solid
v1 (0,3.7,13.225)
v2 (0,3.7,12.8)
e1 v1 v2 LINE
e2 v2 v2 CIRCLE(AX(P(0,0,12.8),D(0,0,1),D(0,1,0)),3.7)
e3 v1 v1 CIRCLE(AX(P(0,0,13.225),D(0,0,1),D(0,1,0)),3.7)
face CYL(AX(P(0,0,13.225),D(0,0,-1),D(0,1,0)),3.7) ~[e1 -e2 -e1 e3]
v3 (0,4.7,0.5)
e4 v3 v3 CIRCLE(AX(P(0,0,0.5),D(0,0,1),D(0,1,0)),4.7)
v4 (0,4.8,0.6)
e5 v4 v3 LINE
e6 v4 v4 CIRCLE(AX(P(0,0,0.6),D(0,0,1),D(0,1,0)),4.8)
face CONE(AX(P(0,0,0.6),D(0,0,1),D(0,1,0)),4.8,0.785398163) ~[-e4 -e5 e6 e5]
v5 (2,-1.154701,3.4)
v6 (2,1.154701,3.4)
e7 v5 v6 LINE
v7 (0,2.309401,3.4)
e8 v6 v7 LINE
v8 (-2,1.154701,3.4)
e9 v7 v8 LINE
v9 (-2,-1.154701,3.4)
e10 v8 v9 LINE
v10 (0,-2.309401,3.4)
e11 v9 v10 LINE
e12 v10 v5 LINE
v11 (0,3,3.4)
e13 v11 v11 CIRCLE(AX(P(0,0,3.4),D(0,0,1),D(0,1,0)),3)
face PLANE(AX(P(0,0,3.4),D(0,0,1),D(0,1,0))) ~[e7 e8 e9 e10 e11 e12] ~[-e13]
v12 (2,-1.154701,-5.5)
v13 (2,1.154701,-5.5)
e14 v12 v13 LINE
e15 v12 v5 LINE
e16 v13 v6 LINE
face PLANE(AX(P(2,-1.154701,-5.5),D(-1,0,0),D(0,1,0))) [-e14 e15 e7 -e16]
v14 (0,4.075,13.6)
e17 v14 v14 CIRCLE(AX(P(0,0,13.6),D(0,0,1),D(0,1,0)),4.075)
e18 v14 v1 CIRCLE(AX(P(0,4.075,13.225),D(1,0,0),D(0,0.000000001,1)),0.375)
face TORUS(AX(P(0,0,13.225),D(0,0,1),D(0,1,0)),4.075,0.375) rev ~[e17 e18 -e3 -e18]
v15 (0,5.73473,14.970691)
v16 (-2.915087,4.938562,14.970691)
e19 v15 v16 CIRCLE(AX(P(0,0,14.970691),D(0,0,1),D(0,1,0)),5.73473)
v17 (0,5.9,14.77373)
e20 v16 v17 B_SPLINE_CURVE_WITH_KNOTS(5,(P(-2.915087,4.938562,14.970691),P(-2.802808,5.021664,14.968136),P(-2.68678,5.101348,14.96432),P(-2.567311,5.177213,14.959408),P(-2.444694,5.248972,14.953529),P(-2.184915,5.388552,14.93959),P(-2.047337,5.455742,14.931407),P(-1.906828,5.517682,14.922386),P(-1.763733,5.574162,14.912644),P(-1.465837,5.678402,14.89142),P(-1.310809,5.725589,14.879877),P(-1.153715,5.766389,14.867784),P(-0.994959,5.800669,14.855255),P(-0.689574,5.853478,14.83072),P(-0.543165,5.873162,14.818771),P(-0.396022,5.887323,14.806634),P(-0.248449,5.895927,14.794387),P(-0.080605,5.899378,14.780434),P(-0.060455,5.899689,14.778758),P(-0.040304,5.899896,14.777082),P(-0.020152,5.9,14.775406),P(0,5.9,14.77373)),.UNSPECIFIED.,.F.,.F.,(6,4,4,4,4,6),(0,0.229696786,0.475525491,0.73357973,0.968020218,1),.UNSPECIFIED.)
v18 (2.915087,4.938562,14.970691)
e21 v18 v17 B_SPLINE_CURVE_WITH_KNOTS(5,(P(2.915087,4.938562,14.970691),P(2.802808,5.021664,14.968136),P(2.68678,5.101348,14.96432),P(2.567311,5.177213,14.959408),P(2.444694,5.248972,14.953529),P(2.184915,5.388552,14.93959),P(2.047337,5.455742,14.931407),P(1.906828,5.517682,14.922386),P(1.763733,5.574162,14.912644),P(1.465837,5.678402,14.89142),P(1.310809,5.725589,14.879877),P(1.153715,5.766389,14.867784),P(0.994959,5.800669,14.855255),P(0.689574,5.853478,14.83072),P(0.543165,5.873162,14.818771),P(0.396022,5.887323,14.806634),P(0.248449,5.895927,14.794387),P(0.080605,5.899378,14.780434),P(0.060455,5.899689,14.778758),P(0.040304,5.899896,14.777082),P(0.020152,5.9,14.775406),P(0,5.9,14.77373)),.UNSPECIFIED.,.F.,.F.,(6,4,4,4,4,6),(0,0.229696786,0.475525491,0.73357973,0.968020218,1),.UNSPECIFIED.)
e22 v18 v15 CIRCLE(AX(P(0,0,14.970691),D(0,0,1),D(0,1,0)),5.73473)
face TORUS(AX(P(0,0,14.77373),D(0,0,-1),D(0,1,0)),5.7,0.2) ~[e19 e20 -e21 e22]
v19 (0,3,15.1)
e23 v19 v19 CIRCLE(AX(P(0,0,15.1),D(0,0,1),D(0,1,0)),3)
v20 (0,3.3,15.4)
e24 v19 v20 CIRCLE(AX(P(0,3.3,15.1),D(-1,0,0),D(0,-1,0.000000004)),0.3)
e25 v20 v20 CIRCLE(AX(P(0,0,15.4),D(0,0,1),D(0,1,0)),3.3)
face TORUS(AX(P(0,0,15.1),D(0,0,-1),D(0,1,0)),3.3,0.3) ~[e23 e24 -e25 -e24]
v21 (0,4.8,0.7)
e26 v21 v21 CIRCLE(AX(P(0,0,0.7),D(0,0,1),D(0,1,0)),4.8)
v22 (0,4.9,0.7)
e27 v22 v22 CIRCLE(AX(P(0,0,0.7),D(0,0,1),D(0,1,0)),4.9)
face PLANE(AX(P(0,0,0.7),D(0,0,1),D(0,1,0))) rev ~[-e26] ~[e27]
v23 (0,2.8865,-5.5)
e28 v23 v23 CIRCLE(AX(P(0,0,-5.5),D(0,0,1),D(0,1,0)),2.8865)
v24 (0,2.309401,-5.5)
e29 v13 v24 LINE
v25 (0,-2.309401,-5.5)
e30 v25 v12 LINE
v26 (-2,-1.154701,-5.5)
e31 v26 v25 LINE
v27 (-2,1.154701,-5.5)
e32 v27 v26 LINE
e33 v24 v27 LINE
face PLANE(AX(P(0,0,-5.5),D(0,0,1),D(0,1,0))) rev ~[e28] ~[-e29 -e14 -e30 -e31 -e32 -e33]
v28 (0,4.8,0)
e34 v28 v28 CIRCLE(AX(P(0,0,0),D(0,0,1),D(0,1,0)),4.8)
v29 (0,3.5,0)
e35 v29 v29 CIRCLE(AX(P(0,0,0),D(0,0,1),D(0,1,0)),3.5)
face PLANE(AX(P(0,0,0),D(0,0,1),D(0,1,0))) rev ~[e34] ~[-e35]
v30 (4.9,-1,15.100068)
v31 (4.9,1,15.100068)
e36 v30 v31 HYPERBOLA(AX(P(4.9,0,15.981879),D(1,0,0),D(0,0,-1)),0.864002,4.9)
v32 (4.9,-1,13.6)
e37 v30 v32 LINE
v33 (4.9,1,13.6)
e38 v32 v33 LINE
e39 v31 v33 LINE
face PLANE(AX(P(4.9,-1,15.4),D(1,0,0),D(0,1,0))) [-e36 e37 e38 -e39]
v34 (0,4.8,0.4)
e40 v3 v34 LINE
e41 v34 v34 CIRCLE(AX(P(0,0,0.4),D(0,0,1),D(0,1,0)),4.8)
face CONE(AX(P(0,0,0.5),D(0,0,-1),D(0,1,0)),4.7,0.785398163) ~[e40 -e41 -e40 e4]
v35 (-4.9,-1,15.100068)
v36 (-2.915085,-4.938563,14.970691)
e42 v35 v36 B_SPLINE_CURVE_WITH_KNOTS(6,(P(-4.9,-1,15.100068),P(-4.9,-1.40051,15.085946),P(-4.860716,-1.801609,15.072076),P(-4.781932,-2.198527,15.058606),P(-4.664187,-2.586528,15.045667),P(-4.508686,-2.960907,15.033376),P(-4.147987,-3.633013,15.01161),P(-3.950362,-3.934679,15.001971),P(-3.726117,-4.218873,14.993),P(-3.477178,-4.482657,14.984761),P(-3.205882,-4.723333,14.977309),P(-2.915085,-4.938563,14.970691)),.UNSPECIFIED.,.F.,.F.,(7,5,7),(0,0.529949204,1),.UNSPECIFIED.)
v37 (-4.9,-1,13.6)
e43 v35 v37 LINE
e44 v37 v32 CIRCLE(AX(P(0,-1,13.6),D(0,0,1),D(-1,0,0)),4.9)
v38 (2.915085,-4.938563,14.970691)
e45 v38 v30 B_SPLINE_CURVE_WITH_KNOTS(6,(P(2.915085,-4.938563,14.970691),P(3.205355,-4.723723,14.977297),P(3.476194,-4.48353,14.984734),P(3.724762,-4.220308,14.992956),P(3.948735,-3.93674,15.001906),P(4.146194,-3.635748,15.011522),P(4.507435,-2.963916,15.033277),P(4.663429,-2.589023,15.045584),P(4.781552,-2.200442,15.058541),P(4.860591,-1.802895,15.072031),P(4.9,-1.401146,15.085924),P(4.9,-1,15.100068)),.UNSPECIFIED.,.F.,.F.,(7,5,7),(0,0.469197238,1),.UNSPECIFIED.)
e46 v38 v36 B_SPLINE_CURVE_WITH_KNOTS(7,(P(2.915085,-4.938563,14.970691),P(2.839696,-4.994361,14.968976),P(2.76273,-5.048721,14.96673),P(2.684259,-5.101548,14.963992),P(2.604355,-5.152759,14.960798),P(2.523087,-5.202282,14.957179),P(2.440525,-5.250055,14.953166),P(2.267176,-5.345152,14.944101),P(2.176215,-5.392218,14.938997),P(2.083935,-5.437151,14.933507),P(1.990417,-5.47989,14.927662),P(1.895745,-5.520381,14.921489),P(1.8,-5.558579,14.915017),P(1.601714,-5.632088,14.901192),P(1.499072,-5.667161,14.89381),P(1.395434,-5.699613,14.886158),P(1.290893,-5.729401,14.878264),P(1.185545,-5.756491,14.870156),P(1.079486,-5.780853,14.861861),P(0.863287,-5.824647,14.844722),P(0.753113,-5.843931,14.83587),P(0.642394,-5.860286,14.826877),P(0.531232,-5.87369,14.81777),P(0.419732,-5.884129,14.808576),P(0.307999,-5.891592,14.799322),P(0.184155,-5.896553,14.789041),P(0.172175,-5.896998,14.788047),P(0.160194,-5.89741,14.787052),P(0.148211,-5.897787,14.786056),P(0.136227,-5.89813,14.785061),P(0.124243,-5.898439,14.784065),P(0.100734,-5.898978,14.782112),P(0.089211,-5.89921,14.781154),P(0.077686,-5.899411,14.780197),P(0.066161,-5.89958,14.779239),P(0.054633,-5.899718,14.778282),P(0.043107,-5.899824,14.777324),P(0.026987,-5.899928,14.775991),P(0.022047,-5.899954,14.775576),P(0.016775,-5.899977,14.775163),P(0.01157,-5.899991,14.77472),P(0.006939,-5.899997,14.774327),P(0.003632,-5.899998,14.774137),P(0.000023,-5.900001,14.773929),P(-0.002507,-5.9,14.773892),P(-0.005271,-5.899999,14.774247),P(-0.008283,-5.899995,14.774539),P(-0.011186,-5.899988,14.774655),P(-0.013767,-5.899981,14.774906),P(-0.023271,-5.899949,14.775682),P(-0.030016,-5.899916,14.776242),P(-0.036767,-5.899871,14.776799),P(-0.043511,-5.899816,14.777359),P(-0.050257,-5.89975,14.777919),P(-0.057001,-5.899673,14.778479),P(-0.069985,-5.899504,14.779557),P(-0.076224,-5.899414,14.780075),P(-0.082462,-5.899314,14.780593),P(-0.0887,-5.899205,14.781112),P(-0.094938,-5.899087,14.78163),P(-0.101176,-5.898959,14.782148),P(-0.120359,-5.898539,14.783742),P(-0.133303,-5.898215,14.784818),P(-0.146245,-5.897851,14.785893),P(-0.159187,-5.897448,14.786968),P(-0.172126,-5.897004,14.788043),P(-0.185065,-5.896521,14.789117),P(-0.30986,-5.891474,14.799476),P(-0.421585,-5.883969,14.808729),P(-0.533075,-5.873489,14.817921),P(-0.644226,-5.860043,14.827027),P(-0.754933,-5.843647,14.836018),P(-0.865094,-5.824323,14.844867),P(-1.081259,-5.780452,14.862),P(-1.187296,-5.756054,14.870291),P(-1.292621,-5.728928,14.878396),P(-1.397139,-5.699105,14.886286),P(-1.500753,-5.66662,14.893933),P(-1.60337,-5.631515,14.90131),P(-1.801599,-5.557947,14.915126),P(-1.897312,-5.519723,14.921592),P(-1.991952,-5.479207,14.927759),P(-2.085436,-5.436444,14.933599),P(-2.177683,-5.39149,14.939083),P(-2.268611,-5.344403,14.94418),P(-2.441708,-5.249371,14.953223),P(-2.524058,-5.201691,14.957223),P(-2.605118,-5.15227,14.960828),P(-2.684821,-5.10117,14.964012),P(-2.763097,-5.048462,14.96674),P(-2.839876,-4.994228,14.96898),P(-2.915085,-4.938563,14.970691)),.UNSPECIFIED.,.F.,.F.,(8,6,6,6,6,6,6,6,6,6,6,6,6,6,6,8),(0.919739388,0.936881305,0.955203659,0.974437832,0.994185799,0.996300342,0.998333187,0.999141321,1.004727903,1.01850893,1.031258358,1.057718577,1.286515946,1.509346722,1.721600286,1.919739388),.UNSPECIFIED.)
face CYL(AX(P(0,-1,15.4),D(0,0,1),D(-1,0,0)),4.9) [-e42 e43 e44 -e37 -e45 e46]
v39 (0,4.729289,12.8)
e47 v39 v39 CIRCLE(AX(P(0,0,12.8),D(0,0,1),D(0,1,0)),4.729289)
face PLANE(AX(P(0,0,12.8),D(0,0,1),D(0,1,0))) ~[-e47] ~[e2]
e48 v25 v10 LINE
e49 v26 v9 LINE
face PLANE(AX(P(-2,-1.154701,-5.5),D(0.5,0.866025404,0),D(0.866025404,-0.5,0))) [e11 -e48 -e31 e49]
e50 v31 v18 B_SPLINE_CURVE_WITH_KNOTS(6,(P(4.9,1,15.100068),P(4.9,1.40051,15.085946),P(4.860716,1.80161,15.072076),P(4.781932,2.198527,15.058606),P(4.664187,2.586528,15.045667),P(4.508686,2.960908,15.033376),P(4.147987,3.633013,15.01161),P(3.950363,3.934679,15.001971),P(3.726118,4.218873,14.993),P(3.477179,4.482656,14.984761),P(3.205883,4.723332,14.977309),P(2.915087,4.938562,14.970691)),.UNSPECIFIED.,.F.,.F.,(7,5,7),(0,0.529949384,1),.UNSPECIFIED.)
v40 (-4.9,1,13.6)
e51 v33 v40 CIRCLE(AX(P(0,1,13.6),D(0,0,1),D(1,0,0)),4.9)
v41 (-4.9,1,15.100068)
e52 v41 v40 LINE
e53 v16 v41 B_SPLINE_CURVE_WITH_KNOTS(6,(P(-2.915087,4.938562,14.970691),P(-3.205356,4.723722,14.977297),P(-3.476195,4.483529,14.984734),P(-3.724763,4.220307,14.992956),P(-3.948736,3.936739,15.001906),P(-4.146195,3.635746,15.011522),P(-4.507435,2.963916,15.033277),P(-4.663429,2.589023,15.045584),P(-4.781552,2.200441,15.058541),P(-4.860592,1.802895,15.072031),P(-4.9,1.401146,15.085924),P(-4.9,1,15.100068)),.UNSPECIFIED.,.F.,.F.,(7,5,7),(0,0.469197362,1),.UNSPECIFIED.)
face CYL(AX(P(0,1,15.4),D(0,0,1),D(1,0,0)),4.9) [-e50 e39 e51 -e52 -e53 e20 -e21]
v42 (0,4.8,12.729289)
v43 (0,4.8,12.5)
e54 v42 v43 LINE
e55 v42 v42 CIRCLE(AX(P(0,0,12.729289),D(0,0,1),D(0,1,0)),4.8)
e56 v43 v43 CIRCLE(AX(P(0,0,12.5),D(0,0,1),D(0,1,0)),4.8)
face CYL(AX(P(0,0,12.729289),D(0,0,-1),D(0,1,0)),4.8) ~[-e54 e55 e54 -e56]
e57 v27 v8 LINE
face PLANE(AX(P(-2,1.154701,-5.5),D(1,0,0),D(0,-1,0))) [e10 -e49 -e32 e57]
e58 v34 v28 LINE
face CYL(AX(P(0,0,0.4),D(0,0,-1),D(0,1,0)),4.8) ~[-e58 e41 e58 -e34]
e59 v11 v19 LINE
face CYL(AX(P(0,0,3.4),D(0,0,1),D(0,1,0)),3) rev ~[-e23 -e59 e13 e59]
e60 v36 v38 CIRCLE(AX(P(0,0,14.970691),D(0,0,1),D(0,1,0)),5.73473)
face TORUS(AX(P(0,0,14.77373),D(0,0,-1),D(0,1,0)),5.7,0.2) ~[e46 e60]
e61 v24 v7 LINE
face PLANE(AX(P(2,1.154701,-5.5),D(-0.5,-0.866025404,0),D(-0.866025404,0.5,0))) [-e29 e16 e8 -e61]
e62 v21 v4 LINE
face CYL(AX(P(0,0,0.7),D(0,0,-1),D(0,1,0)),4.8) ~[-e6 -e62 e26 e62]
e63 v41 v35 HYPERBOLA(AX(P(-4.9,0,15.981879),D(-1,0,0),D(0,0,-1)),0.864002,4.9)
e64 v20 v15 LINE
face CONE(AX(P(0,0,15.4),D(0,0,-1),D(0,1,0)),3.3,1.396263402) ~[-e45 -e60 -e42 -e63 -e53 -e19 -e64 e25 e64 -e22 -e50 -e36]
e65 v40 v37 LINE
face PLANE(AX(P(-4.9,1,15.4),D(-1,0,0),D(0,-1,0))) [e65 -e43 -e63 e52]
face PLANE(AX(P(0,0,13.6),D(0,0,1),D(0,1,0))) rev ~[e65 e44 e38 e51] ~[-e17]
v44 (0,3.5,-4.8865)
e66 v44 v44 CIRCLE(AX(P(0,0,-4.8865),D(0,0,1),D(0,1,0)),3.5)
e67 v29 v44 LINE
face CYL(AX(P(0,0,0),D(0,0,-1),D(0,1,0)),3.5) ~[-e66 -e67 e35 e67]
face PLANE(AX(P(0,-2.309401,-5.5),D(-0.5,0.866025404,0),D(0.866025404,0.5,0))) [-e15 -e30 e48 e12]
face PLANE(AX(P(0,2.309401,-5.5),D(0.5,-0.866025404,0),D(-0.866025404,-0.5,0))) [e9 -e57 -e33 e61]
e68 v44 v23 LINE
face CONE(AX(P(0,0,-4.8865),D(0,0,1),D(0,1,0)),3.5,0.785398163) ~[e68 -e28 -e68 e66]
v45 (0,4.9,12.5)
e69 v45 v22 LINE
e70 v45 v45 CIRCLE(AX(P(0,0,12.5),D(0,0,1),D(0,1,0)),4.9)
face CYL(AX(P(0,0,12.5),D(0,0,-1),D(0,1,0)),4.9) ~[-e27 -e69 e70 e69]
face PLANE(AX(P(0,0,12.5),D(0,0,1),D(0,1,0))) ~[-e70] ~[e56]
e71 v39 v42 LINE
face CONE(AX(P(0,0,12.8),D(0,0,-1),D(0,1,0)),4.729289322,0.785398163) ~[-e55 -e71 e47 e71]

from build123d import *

# Parameters (mm, degrees)
CUT_EXTRUDE1_DEPTH = 8.9
SKETCH3_W          = 20
SKETCH3_H          = 20
CUT_EXTRUDE2_DEPTH = 2


with BuildPart() as part:
    # Sketch1 → Revolve1 (revolve)
    with BuildSketch(Plane(origin=(0, 0, 0), x_dir=(0, 0, -1), z_dir=(1, 0, 0))):
        with BuildLine():
            Line((-3.4, 0), (-3.4, 3))
            Line((-3.4, 3), (-15.1, 3))
            ThreePointArc((-15.1, 3), (-15.312132034, 3.087867966), (-15.4, 3.3))
            Line((-15.4, 3.3), (-14.970691475, 5.734729636))
            ThreePointArc((-14.970691475, 5.734729636), (-14.902287446, 5.853208889), (-14.773729924, 5.9))
            Line((-14.773729924, 5.9), (-13.6, 5.9))
            Line((-13.6, 5.9), (-13.6, 4.075))
            ThreePointArc((-13.6, 4.075), (-13.490165043, 3.809834957), (-13.225, 3.7))
            Line((-13.225, 3.7), (-12.8, 3.7))
            Line((-12.8, 3.7), (-12.8, 4.729289322))
            Line((-12.8, 4.729289322), (-12.729289322, 4.8))
            Line((-12.729289322, 4.8), (-12.5, 4.8))
            Line((-12.5, 4.8), (-12.5, 4.9))
            Line((-12.5, 4.9), (-0.7, 4.9))
            Line((-0.7, 4.9), (-0.7, 4.8))
            Line((-0.7, 4.8), (-0.6, 4.8))
            Line((-0.6, 4.8), (-0.5, 4.7))
            Line((-0.5, 4.7), (-0.4, 4.8))
            Line((-0.4, 4.8), (0, 4.8))
            Line((0, 4.8), (0, 3.5))
            Line((0, 3.5), (4.8865, 3.5))
            Line((4.8865, 3.5), (5.5, 2.8865))
            Line((5.5, 2.8865), (5.5, 0))
            Line((5.5, 0), (-3.4, 0))
        make_face()
    revolve(axis=Axis((0, 0, -5.5), (0, 0, 1)))

    # Sketch2 → Cut-Extrude1 (cut)
    with BuildSketch(Plane.XY.offset(-5.5)):
        Polygon((-2, -1.154700538), (0, -2.309401077), (2, -1.154700538), (2, 1.154700538), (0, 2.309401077), (-2, 1.154700538), align=None)
    extrude(amount=CUT_EXTRUDE1_DEPTH, mode=Mode.SUBTRACT)

    # Sketch3 → Cut-Extrude2 (cut)
    with BuildSketch(Plane.XY.offset(15.4)):
        Rectangle(SKETCH3_W, SKETCH3_H)
        with BuildLine():
            Line((-4.9, 1), (-4.9, -0.999999812))
            ThreePointArc((-4.9, -0.999999812), (0, -5.899999812), (4.9, -0.999999812))
            Line((4.9, -0.999999812), (4.9, 1))
            ThreePointArc((4.9, 1), (0, 5.9), (-4.9, 1))
        make_face(mode=Mode.SUBTRACT)
    extrude(amount=-CUT_EXTRUDE2_DEPTH, mode=Mode.SUBTRACT)


solid = part.part
